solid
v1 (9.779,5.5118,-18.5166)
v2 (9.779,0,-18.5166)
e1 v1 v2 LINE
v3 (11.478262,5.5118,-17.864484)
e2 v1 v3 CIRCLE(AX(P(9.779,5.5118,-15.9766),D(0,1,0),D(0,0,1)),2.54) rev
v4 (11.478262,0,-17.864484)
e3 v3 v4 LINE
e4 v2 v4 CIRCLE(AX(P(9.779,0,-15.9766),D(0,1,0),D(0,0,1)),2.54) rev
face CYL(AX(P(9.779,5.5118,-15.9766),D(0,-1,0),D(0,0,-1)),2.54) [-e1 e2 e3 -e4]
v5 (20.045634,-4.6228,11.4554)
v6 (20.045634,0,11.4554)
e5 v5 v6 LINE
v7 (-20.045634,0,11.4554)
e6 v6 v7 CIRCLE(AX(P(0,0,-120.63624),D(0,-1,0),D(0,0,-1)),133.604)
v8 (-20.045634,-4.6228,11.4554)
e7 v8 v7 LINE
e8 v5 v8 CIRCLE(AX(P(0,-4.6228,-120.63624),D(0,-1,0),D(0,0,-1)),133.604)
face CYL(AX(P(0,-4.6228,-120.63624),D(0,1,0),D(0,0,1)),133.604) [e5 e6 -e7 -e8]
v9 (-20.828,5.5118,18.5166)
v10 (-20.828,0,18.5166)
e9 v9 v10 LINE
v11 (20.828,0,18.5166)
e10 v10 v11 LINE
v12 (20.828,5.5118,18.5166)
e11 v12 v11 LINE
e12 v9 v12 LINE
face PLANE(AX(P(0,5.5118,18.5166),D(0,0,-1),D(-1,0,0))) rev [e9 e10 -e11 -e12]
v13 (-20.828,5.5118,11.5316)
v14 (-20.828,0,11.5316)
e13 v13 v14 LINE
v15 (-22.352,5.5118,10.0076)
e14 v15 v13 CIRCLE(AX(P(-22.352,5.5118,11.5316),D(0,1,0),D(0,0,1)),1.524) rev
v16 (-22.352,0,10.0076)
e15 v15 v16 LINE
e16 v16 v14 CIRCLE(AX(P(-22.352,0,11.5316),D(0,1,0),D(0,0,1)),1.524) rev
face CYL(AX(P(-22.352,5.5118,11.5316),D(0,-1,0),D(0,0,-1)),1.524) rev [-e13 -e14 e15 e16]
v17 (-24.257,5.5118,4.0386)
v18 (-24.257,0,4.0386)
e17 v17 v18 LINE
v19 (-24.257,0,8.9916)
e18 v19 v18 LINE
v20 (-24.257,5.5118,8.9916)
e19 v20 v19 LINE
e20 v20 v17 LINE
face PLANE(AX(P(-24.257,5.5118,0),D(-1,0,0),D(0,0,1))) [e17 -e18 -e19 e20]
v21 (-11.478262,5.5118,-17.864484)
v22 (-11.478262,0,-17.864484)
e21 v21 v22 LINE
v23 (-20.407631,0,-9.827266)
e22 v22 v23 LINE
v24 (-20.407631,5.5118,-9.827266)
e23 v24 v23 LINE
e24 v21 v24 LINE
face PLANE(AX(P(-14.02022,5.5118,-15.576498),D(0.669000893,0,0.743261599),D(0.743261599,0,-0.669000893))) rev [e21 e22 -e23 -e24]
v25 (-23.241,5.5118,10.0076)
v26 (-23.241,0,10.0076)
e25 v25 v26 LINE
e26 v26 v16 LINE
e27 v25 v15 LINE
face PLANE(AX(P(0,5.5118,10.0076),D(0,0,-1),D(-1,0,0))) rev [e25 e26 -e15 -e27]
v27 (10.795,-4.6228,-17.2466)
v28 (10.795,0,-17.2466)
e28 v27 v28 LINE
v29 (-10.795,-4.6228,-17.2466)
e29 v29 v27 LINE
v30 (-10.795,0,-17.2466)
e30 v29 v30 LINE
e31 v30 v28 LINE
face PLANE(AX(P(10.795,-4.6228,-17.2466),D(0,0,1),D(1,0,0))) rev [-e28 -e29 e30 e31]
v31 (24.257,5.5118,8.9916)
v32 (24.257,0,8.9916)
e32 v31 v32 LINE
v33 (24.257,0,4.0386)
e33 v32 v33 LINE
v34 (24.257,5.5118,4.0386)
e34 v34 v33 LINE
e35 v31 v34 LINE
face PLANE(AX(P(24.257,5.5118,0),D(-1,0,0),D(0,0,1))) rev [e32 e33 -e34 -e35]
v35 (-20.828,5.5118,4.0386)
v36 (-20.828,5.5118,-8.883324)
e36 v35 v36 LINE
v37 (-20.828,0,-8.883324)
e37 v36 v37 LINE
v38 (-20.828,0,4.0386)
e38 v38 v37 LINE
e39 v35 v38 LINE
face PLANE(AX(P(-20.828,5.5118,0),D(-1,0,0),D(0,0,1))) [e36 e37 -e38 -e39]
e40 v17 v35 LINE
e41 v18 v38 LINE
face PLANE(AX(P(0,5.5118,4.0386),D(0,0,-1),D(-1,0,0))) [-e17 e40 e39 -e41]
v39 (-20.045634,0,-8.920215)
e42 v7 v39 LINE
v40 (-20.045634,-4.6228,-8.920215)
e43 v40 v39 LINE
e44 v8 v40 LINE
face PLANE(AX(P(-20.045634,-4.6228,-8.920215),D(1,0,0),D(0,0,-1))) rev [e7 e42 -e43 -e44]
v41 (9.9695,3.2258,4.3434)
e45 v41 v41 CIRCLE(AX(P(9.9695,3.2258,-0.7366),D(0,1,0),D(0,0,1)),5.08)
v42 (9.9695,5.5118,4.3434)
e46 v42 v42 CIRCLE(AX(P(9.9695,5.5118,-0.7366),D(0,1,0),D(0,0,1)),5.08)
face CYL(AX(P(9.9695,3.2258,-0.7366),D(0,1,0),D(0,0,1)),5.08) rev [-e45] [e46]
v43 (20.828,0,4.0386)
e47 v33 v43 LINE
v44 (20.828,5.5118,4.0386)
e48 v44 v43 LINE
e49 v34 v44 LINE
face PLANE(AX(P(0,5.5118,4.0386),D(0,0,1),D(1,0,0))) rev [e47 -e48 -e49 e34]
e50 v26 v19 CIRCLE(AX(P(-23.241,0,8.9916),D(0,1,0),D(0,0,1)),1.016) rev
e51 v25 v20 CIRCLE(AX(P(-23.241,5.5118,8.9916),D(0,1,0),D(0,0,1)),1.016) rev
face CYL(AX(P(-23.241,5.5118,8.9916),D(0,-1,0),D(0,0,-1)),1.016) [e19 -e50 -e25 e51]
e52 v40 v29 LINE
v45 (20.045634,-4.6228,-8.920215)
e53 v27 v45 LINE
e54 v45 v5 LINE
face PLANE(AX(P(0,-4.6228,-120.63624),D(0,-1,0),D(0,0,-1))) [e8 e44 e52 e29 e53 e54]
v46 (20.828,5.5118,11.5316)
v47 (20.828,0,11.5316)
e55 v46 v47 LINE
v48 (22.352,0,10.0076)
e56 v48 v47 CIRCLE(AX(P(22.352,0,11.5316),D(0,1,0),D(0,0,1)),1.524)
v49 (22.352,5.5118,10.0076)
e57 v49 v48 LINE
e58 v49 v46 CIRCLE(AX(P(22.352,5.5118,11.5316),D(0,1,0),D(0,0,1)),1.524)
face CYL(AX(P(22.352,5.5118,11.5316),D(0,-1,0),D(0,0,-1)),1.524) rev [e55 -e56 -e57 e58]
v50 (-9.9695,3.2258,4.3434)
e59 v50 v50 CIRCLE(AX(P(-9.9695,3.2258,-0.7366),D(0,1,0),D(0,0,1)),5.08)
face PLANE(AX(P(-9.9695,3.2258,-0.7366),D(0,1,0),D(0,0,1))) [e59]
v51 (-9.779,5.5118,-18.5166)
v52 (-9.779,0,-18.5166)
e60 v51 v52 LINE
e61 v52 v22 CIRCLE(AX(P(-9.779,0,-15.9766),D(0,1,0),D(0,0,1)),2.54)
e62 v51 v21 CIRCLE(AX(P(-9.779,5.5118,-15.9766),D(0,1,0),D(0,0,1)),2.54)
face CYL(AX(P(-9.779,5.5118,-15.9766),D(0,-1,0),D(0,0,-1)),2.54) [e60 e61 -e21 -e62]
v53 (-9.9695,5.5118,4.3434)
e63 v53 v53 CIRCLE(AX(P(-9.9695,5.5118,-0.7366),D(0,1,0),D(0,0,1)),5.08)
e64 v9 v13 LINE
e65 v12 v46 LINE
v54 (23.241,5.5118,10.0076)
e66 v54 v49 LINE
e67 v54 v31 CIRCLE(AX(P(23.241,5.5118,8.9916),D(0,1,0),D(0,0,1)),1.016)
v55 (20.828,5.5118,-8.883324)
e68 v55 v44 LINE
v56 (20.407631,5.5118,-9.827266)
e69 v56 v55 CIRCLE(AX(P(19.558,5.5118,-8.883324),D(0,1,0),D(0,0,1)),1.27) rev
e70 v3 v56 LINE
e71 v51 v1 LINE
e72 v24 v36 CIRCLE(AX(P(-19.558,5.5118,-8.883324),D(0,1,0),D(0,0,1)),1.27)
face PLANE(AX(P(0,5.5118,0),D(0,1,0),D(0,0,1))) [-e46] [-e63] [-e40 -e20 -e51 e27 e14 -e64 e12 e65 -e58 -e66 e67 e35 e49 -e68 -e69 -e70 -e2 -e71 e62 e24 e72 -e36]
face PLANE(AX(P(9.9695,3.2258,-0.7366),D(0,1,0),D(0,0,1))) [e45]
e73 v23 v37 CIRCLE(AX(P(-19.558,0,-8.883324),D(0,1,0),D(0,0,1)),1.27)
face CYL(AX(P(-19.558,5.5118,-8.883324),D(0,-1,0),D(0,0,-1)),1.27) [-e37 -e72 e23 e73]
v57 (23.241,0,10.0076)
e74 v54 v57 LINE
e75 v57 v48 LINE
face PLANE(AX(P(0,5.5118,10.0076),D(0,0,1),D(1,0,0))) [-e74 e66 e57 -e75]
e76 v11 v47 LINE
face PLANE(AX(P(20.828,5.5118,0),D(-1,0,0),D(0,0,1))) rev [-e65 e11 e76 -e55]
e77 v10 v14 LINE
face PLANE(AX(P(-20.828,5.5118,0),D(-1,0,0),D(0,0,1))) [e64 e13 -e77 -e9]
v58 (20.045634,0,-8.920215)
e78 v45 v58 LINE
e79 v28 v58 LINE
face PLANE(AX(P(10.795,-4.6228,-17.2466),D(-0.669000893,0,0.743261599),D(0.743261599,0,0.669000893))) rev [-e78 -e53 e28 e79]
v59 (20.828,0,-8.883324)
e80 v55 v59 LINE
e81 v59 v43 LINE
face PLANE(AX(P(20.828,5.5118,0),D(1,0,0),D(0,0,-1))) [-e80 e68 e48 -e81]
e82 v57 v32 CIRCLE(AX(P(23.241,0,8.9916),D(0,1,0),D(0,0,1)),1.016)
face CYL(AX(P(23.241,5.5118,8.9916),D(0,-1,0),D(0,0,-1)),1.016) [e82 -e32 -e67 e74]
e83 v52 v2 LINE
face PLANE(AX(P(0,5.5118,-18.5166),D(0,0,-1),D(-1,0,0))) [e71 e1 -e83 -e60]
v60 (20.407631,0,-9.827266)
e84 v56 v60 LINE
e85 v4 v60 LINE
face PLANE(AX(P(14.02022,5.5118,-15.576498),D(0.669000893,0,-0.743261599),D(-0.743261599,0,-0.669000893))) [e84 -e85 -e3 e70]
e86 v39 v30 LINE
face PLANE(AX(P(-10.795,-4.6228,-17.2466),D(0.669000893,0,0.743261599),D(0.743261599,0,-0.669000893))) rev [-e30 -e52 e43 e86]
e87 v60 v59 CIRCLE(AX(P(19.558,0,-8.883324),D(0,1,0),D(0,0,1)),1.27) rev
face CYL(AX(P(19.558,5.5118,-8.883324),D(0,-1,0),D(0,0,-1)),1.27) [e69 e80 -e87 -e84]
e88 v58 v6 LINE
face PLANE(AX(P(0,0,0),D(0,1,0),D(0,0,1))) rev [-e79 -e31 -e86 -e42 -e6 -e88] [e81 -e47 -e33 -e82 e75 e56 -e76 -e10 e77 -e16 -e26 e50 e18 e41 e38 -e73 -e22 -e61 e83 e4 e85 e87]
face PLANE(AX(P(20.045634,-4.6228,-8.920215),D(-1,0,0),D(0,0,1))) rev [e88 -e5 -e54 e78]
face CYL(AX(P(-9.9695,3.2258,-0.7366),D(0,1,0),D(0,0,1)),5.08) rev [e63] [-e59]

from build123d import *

# Parameters (mm, degrees)
BOSS_EXTRUDE1_DEPTH = 5.5118
SKETCH2_R           = 5.08
CUT_EXTRUDE1_DEPTH  = 2.286
BOSS_EXTRUDE2_DEPTH = 4.6228


with BuildPart() as part:
    # Sketch1 → Boss-Extrude1 (new body)
    with BuildSketch(Plane(origin=(0, 0, 0), x_dir=(1, 0, 0), z_dir=(0, 1, 0))):
        with BuildLine():
            ThreePointArc((20.407631134, 9.827266142), (20.718157649, 9.399980692), (20.828, 8.88332391))
            Line((20.828, 8.88332391), (20.828, -4.0386))
            Line((20.828, -4.0386), (24.257, -4.0386))
            Line((24.257, -4.0386), (24.257, -8.9916))
            ThreePointArc((24.257, -8.9916), (23.95942049, -9.71002049), (23.241, -10.0076))
            Line((23.241, -10.0076), (22.352, -10.0076))
            ThreePointArc((22.352, -10.0076), (21.274369265, -10.453969265), (20.828, -11.5316))
            Line((20.828, -11.5316), (20.828, -18.5166))
            Line((20.828, -18.5166), (-20.828, -18.5166))
            Line((-20.828, -18.5166), (-20.828, -11.5316))
            ThreePointArc((-20.828, -11.5316), (-21.274369265, -10.453969265), (-22.352, -10.0076))
            Line((-22.352, -10.0076), (-23.241, -10.0076))
            ThreePointArc((-23.241, -10.0076), (-23.95942049, -9.71002049), (-24.257, -8.9916))
            Line((-24.257, -8.9916), (-24.257, -4.0386))
            Line((-24.257, -4.0386), (-20.828, -4.0386))
            Line((-20.828, -4.0386), (-20.828, 8.88332391))
            ThreePointArc((-20.828, 8.88332391), (-20.718157649, 9.399980692), (-20.407631134, 9.827266142))
            Line((-20.407631134, 9.827266142), (-11.478262268, 17.864484463))
            ThreePointArc((-11.478262268, 17.864484463), (-10.689047654, 18.347973709), (-9.779, 18.5166))
            Line((-9.779, 18.5166), (9.779, 18.5166))
            ThreePointArc((9.779, 18.5166), (10.689047654, 18.347973709), (11.478262268, 17.864484463))
            Line((11.478262268, 17.864484463), (20.407631134, 9.827266142))
        make_face()
    extrude(amount=BOSS_EXTRUDE1_DEPTH)

    # Sketch2 → Cut-Extrude1 (cut)
    with BuildSketch(Plane(origin=(0, 5.5118, 0), x_dir=(1, 0, 0), z_dir=(0, 1, 0))):
        with Locations(Location((-9.9695, 0.7366, 0), (0, 0, 270))):
            Circle(SKETCH2_R)
        with Locations(Location((9.9695, 0.7366, 0), (0, 0, 270))):
            Circle(SKETCH2_R)
    extrude(amount=-CUT_EXTRUDE1_DEPTH, mode=Mode.SUBTRACT)

    # Sketch3 → Boss-Extrude2 (add)
    with BuildSketch(Plane.XZ):
        with BuildLine():
            Line((10.795, -17.2466), (-10.795, -17.2466))
            Line((-10.795, -17.2466), (-20.045633867, -8.920214887))
            Line((-20.045633867, -8.920214887), (-20.045633867, 11.4554))
            ThreePointArc((-20.045633867, 11.4554), (0, 12.967759921), (20.045633867, 11.4554))
            Line((20.045633867, 11.4554), (20.045633867, -8.920214887))
            Line((20.045633867, -8.920214887), (10.795, -17.2466))
        make_face()
    extrude(amount=BOSS_EXTRUDE2_DEPTH)


solid = part.part
